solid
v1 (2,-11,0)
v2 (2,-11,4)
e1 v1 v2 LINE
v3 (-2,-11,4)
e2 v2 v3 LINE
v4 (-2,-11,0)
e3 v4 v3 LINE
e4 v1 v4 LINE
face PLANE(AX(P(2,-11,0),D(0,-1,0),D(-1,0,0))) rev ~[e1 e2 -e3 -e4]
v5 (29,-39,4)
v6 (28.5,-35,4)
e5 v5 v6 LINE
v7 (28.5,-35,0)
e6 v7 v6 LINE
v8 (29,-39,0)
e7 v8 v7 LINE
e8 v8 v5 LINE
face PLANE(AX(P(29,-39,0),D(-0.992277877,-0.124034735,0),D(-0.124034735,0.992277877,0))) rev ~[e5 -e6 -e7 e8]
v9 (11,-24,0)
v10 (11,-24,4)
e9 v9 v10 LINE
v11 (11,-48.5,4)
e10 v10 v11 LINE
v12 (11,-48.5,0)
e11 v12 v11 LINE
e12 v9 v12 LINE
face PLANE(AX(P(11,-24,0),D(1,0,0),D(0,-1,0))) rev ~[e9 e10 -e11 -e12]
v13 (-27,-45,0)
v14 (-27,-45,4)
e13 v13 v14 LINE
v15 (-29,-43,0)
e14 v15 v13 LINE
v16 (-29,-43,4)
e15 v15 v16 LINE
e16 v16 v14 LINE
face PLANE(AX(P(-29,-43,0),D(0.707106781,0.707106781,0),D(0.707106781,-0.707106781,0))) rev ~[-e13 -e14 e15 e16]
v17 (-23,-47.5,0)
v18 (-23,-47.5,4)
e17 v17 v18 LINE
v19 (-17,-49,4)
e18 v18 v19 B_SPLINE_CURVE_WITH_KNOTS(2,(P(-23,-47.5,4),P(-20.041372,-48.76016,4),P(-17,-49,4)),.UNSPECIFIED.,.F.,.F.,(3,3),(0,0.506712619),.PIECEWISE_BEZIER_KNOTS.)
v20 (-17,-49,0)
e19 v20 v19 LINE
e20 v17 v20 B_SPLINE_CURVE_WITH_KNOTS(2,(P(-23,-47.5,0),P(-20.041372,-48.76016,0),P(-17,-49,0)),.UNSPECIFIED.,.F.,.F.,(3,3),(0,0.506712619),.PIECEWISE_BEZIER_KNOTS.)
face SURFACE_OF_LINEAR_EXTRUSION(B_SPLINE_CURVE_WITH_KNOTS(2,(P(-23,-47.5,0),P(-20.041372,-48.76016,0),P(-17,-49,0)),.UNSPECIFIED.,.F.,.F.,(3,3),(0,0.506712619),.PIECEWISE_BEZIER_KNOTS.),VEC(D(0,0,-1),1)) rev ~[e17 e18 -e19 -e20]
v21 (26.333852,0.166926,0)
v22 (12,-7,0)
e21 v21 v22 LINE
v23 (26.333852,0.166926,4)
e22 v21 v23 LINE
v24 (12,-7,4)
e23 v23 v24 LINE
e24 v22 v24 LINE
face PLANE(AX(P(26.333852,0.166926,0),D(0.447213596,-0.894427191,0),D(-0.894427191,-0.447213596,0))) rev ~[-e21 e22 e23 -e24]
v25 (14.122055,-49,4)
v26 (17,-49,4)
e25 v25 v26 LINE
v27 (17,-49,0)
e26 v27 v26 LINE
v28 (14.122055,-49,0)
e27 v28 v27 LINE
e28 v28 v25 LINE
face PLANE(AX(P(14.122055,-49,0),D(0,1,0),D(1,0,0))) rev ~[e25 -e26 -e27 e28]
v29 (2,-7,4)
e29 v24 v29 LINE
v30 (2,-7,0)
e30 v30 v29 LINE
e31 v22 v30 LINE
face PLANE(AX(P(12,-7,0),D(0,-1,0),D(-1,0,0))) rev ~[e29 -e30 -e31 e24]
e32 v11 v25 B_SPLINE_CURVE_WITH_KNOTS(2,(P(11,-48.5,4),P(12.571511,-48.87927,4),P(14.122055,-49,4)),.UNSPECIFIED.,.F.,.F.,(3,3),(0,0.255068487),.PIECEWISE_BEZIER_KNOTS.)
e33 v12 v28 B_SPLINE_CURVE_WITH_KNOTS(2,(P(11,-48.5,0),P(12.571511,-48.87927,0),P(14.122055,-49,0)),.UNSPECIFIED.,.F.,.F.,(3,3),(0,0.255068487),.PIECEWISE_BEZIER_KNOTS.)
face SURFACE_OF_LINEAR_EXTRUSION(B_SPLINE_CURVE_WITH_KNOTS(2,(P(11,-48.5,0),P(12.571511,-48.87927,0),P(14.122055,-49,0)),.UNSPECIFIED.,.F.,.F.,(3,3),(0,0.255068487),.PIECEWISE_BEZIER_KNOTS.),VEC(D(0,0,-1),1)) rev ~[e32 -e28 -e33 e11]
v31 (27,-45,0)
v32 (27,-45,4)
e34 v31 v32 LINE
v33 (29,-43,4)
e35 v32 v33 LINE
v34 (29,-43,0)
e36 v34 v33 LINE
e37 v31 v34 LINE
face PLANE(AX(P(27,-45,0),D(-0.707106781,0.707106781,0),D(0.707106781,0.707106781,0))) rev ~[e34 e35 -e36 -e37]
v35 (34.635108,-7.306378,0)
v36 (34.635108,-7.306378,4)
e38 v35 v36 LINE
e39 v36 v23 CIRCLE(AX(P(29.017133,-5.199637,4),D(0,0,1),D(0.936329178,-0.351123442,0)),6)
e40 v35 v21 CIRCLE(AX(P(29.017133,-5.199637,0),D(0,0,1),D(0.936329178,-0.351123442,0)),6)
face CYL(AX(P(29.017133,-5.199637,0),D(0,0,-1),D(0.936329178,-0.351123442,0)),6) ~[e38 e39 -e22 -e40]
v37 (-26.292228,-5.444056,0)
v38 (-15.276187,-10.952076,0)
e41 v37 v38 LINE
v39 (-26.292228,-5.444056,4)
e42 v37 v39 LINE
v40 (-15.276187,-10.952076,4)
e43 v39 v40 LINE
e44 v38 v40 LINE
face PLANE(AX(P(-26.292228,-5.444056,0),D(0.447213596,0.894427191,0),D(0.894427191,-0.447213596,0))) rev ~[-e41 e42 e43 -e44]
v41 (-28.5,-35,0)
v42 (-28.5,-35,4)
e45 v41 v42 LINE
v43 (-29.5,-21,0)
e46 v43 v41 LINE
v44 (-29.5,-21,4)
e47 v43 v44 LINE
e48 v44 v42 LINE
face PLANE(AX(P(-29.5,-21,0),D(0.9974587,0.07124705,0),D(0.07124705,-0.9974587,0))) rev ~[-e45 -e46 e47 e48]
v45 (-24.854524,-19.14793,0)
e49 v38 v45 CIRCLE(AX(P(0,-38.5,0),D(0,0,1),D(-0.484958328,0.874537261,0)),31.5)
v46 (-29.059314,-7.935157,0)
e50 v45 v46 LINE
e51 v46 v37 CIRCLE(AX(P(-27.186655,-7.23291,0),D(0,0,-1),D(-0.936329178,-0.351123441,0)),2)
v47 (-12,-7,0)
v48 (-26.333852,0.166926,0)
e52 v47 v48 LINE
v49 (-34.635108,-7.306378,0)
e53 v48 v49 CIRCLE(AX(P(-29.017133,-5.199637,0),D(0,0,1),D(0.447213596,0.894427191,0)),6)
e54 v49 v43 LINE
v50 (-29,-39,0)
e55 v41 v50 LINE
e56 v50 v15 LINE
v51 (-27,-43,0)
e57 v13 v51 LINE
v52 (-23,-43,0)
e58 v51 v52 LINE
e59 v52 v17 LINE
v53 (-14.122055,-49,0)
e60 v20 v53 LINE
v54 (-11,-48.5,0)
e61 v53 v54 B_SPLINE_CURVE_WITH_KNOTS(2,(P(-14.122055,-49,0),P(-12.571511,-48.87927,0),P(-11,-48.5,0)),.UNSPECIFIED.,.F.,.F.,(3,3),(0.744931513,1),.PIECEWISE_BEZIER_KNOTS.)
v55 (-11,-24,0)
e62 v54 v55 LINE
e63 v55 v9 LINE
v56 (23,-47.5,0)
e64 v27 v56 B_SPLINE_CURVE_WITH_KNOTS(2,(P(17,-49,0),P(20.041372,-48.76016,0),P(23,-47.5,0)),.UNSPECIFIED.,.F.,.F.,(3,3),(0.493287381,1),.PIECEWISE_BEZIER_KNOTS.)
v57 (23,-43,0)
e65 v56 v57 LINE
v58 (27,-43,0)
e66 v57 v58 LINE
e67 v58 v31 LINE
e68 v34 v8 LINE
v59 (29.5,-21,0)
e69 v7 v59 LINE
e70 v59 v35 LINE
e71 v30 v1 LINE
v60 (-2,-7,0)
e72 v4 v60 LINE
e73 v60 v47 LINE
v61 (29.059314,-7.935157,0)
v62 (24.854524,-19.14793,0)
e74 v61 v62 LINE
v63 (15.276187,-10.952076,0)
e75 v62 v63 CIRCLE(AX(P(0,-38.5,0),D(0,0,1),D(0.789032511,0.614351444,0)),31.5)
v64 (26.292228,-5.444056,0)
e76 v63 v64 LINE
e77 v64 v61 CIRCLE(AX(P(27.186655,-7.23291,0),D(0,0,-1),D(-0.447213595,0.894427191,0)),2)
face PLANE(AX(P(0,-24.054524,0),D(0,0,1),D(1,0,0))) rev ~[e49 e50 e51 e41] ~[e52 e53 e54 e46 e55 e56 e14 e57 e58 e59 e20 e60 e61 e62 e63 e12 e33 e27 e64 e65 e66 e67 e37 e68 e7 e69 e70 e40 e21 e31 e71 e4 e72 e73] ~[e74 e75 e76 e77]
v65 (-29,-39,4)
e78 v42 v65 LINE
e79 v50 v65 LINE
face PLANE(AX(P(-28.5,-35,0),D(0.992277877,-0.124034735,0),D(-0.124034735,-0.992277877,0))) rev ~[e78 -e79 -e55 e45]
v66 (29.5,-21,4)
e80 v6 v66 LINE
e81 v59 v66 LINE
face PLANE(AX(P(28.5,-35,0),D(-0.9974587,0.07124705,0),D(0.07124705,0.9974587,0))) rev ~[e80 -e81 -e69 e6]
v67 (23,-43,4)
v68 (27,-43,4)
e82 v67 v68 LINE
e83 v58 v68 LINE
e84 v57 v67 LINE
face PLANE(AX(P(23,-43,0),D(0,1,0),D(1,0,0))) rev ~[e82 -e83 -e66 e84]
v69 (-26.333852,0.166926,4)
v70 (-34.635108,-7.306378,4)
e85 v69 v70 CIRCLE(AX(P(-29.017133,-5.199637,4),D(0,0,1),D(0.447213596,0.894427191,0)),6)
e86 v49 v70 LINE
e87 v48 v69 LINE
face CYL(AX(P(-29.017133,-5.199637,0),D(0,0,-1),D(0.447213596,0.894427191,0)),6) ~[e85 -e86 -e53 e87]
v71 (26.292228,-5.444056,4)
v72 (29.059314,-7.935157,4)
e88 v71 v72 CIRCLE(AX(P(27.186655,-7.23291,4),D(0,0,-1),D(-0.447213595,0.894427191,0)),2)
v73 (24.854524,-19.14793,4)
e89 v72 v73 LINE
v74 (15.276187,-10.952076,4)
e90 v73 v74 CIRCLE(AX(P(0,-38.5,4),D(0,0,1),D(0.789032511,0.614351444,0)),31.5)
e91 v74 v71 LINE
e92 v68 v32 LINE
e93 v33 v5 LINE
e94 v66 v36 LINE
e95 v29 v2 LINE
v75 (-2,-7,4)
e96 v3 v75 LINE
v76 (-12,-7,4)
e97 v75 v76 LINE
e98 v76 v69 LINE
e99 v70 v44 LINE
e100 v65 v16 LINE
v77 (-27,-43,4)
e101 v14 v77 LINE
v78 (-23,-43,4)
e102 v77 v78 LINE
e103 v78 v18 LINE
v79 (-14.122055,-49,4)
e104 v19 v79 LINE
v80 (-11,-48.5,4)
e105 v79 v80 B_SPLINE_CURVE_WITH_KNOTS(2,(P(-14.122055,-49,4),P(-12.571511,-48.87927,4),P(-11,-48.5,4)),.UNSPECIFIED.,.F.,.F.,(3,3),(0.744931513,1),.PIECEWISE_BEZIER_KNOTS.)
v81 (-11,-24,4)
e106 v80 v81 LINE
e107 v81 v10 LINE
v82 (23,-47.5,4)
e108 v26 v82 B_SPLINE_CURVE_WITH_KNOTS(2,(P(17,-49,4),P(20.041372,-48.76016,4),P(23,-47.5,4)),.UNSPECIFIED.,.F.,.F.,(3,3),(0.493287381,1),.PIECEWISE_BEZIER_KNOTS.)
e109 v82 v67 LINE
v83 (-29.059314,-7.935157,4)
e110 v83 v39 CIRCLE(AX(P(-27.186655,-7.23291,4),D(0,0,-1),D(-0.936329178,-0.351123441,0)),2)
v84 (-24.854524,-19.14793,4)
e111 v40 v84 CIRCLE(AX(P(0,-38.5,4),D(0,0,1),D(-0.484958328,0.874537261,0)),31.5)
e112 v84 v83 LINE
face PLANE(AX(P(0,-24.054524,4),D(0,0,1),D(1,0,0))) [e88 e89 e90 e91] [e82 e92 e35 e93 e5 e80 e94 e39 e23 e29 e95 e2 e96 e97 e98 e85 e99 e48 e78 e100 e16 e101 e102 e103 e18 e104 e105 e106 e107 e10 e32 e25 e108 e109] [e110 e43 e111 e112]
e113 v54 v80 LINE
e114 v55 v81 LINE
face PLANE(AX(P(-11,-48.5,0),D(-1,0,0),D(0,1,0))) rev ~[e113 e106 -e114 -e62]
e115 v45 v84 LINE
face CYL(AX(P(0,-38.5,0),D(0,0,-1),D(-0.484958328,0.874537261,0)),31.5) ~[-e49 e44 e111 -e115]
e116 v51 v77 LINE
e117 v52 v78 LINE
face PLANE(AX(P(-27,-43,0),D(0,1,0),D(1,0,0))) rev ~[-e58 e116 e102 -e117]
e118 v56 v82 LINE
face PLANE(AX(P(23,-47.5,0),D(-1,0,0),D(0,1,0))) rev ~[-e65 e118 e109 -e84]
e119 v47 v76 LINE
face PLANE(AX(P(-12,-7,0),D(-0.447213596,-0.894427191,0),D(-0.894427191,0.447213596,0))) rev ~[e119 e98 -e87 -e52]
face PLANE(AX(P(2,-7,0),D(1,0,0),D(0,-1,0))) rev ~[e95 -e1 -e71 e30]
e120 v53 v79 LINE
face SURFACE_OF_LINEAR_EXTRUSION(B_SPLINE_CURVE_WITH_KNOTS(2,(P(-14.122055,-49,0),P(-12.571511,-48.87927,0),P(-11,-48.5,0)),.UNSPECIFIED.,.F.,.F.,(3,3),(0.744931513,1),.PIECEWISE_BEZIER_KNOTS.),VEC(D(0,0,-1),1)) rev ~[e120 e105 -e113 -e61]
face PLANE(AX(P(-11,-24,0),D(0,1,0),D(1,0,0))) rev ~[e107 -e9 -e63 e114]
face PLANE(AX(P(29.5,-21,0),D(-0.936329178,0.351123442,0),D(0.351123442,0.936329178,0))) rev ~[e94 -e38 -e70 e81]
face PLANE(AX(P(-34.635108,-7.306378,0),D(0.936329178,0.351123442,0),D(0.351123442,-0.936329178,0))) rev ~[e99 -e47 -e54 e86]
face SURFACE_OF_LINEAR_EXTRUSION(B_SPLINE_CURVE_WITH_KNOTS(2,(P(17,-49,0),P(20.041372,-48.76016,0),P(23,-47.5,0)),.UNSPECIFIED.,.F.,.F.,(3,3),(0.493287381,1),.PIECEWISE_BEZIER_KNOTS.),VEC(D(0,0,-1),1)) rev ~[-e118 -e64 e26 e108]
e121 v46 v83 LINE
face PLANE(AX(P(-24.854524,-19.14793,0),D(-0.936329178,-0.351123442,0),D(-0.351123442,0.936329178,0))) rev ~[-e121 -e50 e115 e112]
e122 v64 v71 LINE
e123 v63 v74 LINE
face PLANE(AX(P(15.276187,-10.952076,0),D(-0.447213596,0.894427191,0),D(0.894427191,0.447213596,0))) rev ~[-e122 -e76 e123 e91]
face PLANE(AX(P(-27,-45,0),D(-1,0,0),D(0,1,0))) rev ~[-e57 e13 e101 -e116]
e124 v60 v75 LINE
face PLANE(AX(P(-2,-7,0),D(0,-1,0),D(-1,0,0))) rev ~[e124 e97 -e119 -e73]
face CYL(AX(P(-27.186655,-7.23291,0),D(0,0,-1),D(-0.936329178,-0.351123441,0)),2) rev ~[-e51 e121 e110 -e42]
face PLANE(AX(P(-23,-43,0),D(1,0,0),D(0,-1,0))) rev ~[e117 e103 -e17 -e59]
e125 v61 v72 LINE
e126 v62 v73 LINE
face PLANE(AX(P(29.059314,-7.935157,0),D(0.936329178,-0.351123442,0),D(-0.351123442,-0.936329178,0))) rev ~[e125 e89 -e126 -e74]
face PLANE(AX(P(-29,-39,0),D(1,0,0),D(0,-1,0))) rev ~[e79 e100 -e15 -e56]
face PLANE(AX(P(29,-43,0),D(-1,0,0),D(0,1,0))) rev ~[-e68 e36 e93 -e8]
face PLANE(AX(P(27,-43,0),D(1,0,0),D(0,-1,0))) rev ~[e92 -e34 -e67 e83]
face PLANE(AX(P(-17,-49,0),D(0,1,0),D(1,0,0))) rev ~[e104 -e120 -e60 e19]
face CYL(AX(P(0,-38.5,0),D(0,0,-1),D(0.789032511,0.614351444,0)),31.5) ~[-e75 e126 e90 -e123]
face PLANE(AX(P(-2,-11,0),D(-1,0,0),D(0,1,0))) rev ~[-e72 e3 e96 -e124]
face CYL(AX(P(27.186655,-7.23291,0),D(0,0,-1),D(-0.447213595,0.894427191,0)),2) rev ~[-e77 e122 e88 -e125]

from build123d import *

# Parameters (mm, degrees)
ESTRUSIONE_ESTRUSIONE1_DEPTH = 4


with BuildPart() as part:
    # Schizzo1 → Estrusione-Estrusione1 (new body)
    with BuildSketch(Plane.XY):
        with BuildLine():
            Line((2, -11), (-2, -11))
            Line((-2, -11), (-2, -7))
            Line((-2, -7), (-12, -7))
            Line((-12, -7), (-26.333851616, 0.166925808))
            ThreePointArc((-26.333851616, 0.166925808), (-33.031566385, -0.74045287), (-34.635108255, -7.306377987))
            Line((-34.635108255, -7.306377987), (-29.5, -21))
            Line((-29.5, -21), (-28.5, -35))
            Line((-28.5, -35), (-29, -39))
            Line((-29, -39), (-29, -43))
            Line((-29, -43), (-27, -45))
            Line((-27, -45), (-27, -43))
            Line((-27, -43), (-23, -43))
            Line((-23, -43), (-23, -47.5))
            add(Edge.make_bspline(
                [(-23, -47.5), (-20.041371852, -48.760160273), (-17, -49)],
                knots=[0, 0, 0, 0.506712619, 0.506712619, 0.506712619], degree=2))
            Line((-17, -49), (-14.122054723, -49))
            add(Edge.make_bspline(
                [(-14.122054723, -49), (-12.571510592, -48.87926972), (-11, -48.5)],
                knots=[0.744931513, 0.744931513, 0.744931513, 1, 1, 1], degree=2))
            Line((-11, -48.5), (-11, -24))
            Line((-11, -24), (11, -24))
            Line((11, -24), (11, -48.5))
            add(Edge.make_bspline(
                [(11, -48.5), (12.571510592, -48.87926972), (14.122054723, -49)],
                knots=[0, 0, 0, 0.255068487, 0.255068487, 0.255068487], degree=2))
            Line((14.122054723, -49), (17, -49))
            add(Edge.make_bspline(
                [(17, -49), (20.041371852, -48.760160273), (23, -47.5)],
                knots=[0.493287381, 0.493287381, 0.493287381, 1, 1, 1], degree=2))
            Line((23, -47.5), (23, -43))
            Line((23, -43), (27, -43))
            Line((27, -43), (27, -45))
            Line((27, -45), (29, -43))
            Line((29, -43), (29, -39))
            Line((29, -39), (28.5, -35))
            Line((28.5, -35), (29.5, -21))
            Line((29.5, -21), (34.635108255, -7.306377987))
            ThreePointArc((34.635108255, -7.306377987), (33.031566385, -0.74045287), (26.333851616, 0.166925808))
            Line((26.333851616, 0.166925808), (12, -7))
            Line((12, -7), (2, -7))
            Line((2, -7), (2, -11))
        make_face()
        with BuildLine():
            ThreePointArc((24.854524092, -19.147929512), (20.47953862, -14.565955254), (15.276187318, -10.952076285))
            Line((15.276187318, -10.952076285), (26.292228197, -5.444055845))
            ThreePointArc((26.292228197, -5.444055845), (28.524799786, -5.746515405), (29.059313743, -7.935157111))
            Line((29.059313743, -7.935157111), (24.854524092, -19.147929512))
        make_face(mode=Mode.SUBTRACT)
        with BuildLine():
            ThreePointArc((-29.059313743, -7.935157111), (-28.524799786, -5.746515405), (-26.292228197, -5.444055845))
            Line((-26.292228197, -5.444055845), (-15.276187318, -10.952076285))
            ThreePointArc((-15.276187318, -10.952076285), (-20.47953862, -14.565955254), (-24.854524092, -19.147929512))
            Line((-24.854524092, -19.147929512), (-29.059313743, -7.935157111))
        make_face(mode=Mode.SUBTRACT)
    extrude(amount=ESTRUSIONE_ESTRUSIONE1_DEPTH)


solid = part.part
